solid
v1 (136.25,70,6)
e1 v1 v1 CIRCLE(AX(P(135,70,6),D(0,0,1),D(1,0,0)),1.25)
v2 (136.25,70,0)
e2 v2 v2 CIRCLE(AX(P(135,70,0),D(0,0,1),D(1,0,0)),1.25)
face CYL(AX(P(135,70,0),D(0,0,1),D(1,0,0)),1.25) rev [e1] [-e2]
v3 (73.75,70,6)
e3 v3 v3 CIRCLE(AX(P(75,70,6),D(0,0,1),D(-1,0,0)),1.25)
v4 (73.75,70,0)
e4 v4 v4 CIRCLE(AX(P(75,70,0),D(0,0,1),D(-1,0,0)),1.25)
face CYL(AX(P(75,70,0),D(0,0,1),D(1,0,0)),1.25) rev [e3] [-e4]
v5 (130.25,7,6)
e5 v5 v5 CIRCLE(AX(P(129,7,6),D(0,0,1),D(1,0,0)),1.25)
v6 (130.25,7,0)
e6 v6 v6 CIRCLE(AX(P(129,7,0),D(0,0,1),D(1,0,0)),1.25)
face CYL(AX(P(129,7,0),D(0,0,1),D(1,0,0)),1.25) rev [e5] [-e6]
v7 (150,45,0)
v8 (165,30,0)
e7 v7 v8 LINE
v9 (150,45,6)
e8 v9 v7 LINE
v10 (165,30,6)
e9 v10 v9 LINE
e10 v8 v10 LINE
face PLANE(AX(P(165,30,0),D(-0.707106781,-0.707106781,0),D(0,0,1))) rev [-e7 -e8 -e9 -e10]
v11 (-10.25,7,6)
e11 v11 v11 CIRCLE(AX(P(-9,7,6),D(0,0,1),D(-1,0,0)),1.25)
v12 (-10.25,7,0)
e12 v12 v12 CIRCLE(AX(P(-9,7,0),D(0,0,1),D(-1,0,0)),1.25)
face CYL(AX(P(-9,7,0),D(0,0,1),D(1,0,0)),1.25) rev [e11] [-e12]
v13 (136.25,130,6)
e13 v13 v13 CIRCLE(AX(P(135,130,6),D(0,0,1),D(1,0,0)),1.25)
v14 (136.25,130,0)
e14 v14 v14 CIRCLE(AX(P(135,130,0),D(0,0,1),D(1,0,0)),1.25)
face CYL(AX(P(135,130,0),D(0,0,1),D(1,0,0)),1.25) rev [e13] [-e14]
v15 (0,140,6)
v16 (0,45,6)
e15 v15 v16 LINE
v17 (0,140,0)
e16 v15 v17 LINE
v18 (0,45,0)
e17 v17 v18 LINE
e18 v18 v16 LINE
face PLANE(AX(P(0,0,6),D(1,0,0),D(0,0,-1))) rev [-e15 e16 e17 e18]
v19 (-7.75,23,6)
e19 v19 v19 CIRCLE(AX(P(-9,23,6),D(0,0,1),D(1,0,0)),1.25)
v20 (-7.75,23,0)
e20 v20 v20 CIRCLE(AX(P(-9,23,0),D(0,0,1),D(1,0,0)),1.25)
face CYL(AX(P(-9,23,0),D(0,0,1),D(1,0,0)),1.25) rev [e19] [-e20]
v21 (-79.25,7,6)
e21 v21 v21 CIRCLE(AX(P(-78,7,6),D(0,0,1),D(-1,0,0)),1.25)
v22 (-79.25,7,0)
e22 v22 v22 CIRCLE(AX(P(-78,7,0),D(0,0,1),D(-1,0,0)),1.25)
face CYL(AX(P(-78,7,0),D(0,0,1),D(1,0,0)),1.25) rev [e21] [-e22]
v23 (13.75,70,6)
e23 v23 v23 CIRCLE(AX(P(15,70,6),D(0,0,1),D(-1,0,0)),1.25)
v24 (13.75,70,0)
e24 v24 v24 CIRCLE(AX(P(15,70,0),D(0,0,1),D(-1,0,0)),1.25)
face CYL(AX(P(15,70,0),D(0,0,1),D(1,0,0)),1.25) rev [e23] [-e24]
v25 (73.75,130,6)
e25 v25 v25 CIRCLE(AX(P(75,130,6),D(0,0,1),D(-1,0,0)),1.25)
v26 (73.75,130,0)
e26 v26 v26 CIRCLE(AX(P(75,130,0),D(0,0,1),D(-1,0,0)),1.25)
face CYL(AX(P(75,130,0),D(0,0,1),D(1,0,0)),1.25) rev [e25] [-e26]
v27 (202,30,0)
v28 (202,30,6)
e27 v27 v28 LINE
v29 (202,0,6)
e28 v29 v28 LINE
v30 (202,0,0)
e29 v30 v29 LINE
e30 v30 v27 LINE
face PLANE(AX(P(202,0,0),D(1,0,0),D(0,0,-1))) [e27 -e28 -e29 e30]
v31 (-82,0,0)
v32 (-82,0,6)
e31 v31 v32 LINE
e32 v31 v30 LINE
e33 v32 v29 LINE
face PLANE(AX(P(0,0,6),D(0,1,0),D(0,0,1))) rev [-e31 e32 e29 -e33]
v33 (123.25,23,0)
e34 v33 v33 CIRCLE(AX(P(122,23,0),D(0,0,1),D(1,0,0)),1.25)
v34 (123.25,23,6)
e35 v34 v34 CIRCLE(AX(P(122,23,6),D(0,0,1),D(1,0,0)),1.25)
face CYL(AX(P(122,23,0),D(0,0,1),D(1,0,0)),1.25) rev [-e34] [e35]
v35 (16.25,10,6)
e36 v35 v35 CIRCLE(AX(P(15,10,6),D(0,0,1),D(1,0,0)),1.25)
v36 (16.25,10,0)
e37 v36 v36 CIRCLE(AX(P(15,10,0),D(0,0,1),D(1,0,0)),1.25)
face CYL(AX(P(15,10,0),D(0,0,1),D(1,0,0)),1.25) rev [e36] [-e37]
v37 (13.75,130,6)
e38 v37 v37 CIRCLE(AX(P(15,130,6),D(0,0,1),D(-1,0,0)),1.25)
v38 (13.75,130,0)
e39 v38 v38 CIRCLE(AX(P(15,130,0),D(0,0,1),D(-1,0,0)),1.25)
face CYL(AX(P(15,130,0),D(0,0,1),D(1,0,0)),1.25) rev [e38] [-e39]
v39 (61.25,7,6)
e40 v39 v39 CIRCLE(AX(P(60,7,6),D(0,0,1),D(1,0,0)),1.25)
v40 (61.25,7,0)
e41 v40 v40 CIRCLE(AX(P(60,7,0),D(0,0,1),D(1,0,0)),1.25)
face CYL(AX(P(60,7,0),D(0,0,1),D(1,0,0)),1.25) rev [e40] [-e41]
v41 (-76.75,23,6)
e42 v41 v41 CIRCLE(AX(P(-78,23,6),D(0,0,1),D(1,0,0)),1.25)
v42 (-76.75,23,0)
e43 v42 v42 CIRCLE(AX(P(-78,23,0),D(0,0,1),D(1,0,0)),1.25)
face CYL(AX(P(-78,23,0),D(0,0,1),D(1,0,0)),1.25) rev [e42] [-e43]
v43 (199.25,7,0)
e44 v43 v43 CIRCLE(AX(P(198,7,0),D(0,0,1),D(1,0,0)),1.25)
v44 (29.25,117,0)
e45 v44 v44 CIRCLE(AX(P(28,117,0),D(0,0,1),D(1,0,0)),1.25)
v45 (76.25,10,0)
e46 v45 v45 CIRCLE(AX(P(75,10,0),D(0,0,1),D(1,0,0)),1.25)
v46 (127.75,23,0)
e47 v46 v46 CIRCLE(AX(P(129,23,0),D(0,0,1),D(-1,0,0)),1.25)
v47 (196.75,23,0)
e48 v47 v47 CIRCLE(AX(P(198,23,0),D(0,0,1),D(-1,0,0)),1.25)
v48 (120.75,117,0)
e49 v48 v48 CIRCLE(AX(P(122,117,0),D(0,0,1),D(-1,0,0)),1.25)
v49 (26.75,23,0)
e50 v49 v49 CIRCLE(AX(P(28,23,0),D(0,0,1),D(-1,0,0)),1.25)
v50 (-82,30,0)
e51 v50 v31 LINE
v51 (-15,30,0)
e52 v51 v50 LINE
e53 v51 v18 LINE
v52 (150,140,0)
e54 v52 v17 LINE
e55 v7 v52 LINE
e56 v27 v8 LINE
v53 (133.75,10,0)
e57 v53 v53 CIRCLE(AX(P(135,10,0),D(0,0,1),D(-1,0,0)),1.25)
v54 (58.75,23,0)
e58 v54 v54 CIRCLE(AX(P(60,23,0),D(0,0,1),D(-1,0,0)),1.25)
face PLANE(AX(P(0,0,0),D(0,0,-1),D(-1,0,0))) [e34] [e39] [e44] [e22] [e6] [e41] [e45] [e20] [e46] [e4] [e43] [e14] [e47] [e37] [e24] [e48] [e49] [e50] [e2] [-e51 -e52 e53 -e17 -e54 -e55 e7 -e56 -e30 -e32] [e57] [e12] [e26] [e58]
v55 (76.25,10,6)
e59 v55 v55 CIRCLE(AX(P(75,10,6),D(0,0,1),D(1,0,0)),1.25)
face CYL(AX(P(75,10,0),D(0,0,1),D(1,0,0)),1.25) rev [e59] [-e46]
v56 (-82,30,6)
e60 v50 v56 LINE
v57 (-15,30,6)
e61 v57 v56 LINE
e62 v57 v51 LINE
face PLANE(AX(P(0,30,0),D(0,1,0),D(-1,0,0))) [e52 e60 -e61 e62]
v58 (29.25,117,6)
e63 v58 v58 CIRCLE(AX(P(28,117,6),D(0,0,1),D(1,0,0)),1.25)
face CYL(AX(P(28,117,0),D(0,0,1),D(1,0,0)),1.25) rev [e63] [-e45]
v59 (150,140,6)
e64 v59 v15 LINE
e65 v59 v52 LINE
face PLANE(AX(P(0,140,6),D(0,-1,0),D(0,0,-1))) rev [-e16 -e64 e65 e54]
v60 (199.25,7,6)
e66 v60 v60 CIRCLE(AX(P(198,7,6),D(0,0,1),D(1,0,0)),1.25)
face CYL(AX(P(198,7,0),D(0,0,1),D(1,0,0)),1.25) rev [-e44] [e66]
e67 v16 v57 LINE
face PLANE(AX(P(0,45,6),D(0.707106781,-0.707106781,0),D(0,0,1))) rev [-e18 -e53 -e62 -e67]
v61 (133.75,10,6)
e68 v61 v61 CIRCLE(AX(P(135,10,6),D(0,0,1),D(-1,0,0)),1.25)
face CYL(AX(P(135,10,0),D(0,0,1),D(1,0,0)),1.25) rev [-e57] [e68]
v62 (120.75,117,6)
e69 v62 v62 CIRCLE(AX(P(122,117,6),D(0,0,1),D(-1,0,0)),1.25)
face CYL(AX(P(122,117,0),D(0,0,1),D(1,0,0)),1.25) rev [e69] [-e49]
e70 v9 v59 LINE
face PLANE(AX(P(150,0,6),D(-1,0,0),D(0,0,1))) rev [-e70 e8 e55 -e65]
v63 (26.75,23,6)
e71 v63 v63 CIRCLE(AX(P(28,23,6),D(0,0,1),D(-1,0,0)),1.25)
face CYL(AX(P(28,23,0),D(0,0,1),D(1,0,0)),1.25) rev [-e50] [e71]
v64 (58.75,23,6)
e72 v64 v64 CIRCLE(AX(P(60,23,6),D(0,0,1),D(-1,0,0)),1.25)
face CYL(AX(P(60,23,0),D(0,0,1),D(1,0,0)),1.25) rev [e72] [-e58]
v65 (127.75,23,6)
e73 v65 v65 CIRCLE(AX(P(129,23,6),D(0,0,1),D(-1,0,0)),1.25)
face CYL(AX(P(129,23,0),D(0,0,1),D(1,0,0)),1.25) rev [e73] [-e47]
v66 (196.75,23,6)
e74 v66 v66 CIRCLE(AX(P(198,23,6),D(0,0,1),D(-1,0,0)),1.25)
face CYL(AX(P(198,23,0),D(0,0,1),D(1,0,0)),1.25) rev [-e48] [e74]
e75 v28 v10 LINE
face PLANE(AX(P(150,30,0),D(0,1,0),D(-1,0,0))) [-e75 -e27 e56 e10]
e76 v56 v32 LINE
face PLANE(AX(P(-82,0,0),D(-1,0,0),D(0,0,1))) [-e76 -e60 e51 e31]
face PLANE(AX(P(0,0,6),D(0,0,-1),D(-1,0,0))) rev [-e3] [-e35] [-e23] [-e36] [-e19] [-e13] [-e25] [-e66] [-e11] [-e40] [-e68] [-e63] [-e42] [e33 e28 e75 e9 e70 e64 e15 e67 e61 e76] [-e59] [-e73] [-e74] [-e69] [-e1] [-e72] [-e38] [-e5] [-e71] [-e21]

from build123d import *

# Parameters (mm, degrees)
ESQUISSE1_W             = 150
ESQUISSE1_H             = 140
BOSS_EXTRU_1_DEPTH      = 6
ESQUISSE2_R             = 1.25
ENL_V_MAT_EXTRU_1_DEPTH = 206.270553173
ESQUISSE3_R             = 1.25
ENL_V_MAT_EXTRU_2_DEPTH = 206.270553173
ESQUISSE4_W             = 82
ESQUISSE4_H             = 30
ESQUISSE4_W_2           = 52
BOSS_EXTRU_2_DEPTH      = 6
ESQUISSE5_R             = 1.25
ENL_V_MAT_EXTRU_3_DEPTH = 246.845479926
CHANFREIN1_SIZE         = 15


with BuildPart() as part:
    # Esquisse1 → Boss.-Extru.1 (new body)
    with BuildSketch(Plane.XY):
        with Locations((75, 70)):
            Rectangle(ESQUISSE1_W, ESQUISSE1_H)
    extrude(amount=BOSS_EXTRU_1_DEPTH)

    # Esquisse2 → Enlèv. mat.-Extru.1 (cut, through all)
    with BuildSketch(Plane.XY.offset(6)):
        with Locations((28, 117)):
            Circle(ESQUISSE2_R)
        with Locations(Location((122, 117, 0), (0, 0, 180))):
            Circle(ESQUISSE2_R)
        with Locations((122, 23)):
            Circle(ESQUISSE2_R)
        with Locations(Location((28, 23, 0), (0, 0, 180))):
            Circle(ESQUISSE2_R)
    extrude(amount=-ENL_V_MAT_EXTRU_1_DEPTH, mode=Mode.SUBTRACT)

    # Esquisse3 → Enlèv. mat.-Extru.2 (cut, through all)
    with BuildSketch(Plane.XY.offset(6)):
        with Locations((75, 10)):
            Circle(ESQUISSE3_R)
        with Locations((15, 10)):
            Circle(ESQUISSE3_R)
        with Locations(Location((135, 10, 0), (0, 0, 180))):
            Circle(ESQUISSE3_R)
        with Locations((135, 70)):
            Circle(ESQUISSE3_R)
        with Locations(Location((15, 70, 0), (0, 0, 180))):
            Circle(ESQUISSE3_R)
        with Locations(Location((75, 70, 0), (0, 0, 180))):
            Circle(ESQUISSE3_R)
        with Locations((135, 130)):
            Circle(ESQUISSE3_R)
        with Locations(Location((15, 130, 0), (0, 0, 180))):
            Circle(ESQUISSE3_R)
        with Locations(Location((75, 130, 0), (0, 0, 180))):
            Circle(ESQUISSE3_R)
    extrude(amount=-ENL_V_MAT_EXTRU_2_DEPTH, mode=Mode.SUBTRACT)

    # Esquisse4 → Boss.-Extru.2 (add)
    with BuildSketch(Plane.XY.offset(6)):
        with Locations((-41, 15)):
            Rectangle(ESQUISSE4_W, ESQUISSE4_H)
        with Locations((176, 15)):
            Rectangle(ESQUISSE4_W_2, ESQUISSE4_H)
    extrude(amount=-BOSS_EXTRU_2_DEPTH)

    # Esquisse5 → Enlèv. mat.-Extru.3 (cut, through all)
    with BuildSketch(Plane.XY.offset(6)):
        with Locations((-78, 23)):
            Circle(ESQUISSE5_R)
        with Locations(Location((-78, 7, 0), (0, 0, 180))):
            Circle(ESQUISSE5_R)
        with Locations((198, 7)):
            Circle(ESQUISSE5_R)
        with Locations(Location((198, 23, 0), (0, 0, 180))):
            Circle(ESQUISSE5_R)
        with Locations((60, 7)):
            Circle(ESQUISSE5_R)
        with Locations(Location((60, 23, 0), (0, 0, 180))):
            Circle(ESQUISSE5_R)
        with Locations((-9, 23)):
            Circle(ESQUISSE5_R)
        with Locations(Location((-9, 7, 0), (0, 0, 180))):
            Circle(ESQUISSE5_R)
        with Locations((129, 7)):
            Circle(ESQUISSE5_R)
        with Locations(Location((129, 23, 0), (0, 0, 180))):
            Circle(ESQUISSE5_R)
    extrude(amount=-ENL_V_MAT_EXTRU_3_DEPTH, mode=Mode.SUBTRACT)

    # Chanfrein1
    chanfrein1_edges = [part.edges().sort_by_distance(p)[0] for p in [
        (0, 30, 3),
        (150, 30, 3),
    ]]
    chamfer(chanfrein1_edges, length=CHANFREIN1_SIZE)


solid = part.part
